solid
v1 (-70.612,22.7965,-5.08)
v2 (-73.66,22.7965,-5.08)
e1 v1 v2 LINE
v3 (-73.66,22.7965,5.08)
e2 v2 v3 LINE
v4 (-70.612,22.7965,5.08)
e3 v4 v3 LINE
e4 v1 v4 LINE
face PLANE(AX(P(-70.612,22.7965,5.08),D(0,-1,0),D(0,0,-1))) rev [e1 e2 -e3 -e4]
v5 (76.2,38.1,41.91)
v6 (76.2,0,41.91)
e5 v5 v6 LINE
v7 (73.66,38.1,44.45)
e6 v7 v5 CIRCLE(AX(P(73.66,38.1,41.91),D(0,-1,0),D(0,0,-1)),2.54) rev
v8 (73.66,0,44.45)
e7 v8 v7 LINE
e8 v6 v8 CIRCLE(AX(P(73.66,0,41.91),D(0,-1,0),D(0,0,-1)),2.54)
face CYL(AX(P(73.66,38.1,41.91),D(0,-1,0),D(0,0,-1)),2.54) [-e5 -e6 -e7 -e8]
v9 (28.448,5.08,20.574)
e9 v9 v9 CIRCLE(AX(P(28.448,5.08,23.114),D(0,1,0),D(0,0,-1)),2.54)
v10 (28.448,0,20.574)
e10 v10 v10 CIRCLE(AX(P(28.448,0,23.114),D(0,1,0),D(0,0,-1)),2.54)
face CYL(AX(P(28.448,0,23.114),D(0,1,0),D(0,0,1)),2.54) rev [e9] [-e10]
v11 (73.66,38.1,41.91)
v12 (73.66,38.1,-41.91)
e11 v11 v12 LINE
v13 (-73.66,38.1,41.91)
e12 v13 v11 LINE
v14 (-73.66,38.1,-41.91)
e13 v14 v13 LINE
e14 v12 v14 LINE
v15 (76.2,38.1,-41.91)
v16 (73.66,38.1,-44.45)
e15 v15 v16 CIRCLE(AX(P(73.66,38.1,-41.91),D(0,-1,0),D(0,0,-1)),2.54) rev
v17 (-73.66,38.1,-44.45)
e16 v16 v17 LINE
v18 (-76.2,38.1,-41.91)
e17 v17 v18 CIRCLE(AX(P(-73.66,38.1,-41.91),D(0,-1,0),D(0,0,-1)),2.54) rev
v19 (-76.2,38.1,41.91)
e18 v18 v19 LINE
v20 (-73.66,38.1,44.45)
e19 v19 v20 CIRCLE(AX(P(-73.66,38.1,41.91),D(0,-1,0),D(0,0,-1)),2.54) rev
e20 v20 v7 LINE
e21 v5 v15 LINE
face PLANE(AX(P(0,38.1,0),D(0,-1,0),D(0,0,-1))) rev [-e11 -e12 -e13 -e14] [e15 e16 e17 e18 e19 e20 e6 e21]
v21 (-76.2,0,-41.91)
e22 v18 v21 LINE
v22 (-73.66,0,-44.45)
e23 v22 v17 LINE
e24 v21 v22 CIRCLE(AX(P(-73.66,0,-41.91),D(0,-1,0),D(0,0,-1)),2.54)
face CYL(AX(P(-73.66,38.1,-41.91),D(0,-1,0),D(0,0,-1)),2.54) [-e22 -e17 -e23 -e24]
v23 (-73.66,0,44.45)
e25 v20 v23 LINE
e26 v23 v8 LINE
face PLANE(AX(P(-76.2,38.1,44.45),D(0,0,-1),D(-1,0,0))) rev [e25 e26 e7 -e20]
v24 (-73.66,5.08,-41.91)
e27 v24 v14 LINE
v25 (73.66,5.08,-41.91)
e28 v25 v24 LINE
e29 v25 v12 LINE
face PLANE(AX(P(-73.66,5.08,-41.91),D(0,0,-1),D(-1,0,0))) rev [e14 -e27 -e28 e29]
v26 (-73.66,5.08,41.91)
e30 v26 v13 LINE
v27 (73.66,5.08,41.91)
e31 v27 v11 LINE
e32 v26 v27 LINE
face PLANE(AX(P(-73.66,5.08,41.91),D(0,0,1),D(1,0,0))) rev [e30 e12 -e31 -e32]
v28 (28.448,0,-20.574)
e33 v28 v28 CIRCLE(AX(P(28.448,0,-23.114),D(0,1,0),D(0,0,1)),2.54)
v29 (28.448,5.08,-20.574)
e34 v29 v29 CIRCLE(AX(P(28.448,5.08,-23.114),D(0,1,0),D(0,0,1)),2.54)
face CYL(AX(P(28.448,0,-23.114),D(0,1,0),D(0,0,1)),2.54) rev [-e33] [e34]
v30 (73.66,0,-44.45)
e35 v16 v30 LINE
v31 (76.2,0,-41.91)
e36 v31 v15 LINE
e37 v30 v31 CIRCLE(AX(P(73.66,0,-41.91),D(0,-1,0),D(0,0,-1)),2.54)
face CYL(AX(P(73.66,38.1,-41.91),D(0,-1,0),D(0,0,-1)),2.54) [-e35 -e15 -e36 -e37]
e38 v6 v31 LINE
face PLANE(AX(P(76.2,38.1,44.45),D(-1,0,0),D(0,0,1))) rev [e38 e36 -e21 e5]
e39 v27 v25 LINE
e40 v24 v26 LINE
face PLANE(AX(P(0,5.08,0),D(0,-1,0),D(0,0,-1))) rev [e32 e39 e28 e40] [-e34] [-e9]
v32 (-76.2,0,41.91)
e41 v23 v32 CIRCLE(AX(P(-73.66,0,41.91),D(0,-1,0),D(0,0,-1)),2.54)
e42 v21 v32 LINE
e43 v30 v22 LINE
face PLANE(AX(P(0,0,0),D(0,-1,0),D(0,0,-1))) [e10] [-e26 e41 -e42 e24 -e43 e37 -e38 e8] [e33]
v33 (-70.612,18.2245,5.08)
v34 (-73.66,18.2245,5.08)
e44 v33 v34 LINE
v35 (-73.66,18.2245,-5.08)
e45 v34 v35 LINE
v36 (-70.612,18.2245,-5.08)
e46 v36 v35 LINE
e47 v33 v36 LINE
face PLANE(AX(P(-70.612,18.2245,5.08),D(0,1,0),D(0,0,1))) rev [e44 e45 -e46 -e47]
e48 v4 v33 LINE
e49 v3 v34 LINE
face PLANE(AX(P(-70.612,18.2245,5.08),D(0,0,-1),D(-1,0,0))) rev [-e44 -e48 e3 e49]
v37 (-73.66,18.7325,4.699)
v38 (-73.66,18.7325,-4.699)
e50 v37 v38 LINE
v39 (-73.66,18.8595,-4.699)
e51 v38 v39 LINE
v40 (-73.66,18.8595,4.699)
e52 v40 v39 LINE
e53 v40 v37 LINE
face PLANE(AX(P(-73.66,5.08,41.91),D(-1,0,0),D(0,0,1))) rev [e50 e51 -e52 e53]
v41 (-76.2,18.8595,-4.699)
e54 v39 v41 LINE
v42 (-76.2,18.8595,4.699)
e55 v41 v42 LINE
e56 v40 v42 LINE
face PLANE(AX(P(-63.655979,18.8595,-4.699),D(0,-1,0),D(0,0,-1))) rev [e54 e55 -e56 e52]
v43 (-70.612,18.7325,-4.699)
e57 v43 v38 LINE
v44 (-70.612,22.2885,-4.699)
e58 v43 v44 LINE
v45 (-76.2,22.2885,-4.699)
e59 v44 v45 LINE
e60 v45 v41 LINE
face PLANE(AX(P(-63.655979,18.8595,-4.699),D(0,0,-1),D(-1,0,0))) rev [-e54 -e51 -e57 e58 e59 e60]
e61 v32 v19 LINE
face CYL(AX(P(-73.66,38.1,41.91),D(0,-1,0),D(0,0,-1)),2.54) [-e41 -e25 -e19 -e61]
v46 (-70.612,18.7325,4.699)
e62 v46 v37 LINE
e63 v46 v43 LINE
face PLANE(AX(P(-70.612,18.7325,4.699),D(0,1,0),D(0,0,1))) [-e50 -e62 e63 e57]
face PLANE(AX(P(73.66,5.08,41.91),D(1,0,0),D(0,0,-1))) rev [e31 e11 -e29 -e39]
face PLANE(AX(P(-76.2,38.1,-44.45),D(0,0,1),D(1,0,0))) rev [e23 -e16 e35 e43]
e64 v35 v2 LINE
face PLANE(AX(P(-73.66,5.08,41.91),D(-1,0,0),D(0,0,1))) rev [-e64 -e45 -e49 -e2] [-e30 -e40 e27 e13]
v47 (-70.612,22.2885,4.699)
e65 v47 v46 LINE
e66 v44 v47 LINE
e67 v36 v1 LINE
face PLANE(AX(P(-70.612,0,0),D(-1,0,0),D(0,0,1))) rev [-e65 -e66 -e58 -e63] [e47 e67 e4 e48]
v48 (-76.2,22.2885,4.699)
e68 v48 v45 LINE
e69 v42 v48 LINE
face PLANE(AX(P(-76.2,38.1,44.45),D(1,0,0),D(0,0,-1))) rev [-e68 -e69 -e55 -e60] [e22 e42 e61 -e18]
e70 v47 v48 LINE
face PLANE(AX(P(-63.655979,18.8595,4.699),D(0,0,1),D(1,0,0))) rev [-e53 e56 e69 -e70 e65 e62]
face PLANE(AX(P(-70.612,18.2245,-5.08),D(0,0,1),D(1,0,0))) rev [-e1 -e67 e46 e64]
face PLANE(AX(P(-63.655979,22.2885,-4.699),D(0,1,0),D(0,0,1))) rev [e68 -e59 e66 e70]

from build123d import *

# Parameters (mm, degrees)
SKETCH1_W           = 152.4
SKETCH1_H           = 88.9
BOSS_EXTRUDE1_DEPTH = 38.1
SKETCH2_W           = 147.32
SKETCH2_H           = 83.82
CUT_EXTRUDE1_DEPTH  = 33.02
SKETCH5_W           = 9.398
SKETCH5_H           = 3.429
CUT_EXTRUDE3_DEPTH  = 2.54
FILLET1_R           = 2.54
SKETCH6_R           = 2.54
CUT_EXTRUDE4_DEPTH  = 95.194282735
SKETCH7_W           = 10.16
SKETCH7_H           = 4.572
SKETCH7_W_2         = 9.398
SKETCH7_H_2         = 3.556
BOSS_EXTRUDE2_DEPTH = 3.048


with BuildPart() as part:
    # Sketch1 → Boss-Extrude1 (new body)
    with BuildSketch(Plane(origin=(0, 0, 0), x_dir=(1, 0, 0), z_dir=(0, 1, 0))):
        Rectangle(SKETCH1_W, SKETCH1_H)
    extrude(amount=BOSS_EXTRUDE1_DEPTH)

    # Sketch2 → Cut-Extrude1 (cut)
    with BuildSketch(Plane(origin=(0, 38.1, 0), x_dir=(1, 0, 0), z_dir=(0, 1, 0))):
        Rectangle(SKETCH2_W, SKETCH2_H)
    extrude(amount=-CUT_EXTRUDE1_DEPTH, mode=Mode.SUBTRACT)

    # Sketch5 → Cut-Extrude3 (cut)
    with BuildSketch(Plane.ZY.offset(76.2)):
        with Locations((0, 20.574)):
            Rectangle(SKETCH5_W, SKETCH5_H)
    extrude(amount=-CUT_EXTRUDE3_DEPTH, mode=Mode.SUBTRACT)

    # Fillet1
    fillet1_edges = [part.edges().sort_by_distance(p)[0] for p in [
        (76.2, 19.05, 44.45),
        (-76.2, 19.05, 44.45),
        (-76.2, 19.05, -44.45),
        (76.2, 19.05, -44.45),
    ]]
    fillet(fillet1_edges, radius=FILLET1_R)

    # Sketch6 → Cut-Extrude4 (cut, through all)
    with BuildSketch(Plane(origin=(0, 5.08, 0), x_dir=(1, 0, 0), z_dir=(0, 1, 0))):
        with Locations(Location((28.448, 23.114, 0), (0, 0, 270))):
            Circle(SKETCH6_R)
        with Locations(Location((28.448, -23.114, 0), (0, 0, 90))):
            Circle(SKETCH6_R)
    extrude(amount=-CUT_EXTRUDE4_DEPTH, mode=Mode.SUBTRACT)

    # Sketch7 → Boss-Extrude2 (add)
    with BuildSketch(Plane(origin=(-73.66, 0, 0), x_dir=(0, 0, -1), z_dir=(1, 0, 0))):
        with Locations((0, 20.5105)):
            Rectangle(SKETCH7_W, SKETCH7_H)
        with Locations((0, 20.5105)):
            Rectangle(SKETCH7_W_2, SKETCH7_H_2, mode=Mode.SUBTRACT)
    extrude(amount=BOSS_EXTRUDE2_DEPTH)


solid = part.part
